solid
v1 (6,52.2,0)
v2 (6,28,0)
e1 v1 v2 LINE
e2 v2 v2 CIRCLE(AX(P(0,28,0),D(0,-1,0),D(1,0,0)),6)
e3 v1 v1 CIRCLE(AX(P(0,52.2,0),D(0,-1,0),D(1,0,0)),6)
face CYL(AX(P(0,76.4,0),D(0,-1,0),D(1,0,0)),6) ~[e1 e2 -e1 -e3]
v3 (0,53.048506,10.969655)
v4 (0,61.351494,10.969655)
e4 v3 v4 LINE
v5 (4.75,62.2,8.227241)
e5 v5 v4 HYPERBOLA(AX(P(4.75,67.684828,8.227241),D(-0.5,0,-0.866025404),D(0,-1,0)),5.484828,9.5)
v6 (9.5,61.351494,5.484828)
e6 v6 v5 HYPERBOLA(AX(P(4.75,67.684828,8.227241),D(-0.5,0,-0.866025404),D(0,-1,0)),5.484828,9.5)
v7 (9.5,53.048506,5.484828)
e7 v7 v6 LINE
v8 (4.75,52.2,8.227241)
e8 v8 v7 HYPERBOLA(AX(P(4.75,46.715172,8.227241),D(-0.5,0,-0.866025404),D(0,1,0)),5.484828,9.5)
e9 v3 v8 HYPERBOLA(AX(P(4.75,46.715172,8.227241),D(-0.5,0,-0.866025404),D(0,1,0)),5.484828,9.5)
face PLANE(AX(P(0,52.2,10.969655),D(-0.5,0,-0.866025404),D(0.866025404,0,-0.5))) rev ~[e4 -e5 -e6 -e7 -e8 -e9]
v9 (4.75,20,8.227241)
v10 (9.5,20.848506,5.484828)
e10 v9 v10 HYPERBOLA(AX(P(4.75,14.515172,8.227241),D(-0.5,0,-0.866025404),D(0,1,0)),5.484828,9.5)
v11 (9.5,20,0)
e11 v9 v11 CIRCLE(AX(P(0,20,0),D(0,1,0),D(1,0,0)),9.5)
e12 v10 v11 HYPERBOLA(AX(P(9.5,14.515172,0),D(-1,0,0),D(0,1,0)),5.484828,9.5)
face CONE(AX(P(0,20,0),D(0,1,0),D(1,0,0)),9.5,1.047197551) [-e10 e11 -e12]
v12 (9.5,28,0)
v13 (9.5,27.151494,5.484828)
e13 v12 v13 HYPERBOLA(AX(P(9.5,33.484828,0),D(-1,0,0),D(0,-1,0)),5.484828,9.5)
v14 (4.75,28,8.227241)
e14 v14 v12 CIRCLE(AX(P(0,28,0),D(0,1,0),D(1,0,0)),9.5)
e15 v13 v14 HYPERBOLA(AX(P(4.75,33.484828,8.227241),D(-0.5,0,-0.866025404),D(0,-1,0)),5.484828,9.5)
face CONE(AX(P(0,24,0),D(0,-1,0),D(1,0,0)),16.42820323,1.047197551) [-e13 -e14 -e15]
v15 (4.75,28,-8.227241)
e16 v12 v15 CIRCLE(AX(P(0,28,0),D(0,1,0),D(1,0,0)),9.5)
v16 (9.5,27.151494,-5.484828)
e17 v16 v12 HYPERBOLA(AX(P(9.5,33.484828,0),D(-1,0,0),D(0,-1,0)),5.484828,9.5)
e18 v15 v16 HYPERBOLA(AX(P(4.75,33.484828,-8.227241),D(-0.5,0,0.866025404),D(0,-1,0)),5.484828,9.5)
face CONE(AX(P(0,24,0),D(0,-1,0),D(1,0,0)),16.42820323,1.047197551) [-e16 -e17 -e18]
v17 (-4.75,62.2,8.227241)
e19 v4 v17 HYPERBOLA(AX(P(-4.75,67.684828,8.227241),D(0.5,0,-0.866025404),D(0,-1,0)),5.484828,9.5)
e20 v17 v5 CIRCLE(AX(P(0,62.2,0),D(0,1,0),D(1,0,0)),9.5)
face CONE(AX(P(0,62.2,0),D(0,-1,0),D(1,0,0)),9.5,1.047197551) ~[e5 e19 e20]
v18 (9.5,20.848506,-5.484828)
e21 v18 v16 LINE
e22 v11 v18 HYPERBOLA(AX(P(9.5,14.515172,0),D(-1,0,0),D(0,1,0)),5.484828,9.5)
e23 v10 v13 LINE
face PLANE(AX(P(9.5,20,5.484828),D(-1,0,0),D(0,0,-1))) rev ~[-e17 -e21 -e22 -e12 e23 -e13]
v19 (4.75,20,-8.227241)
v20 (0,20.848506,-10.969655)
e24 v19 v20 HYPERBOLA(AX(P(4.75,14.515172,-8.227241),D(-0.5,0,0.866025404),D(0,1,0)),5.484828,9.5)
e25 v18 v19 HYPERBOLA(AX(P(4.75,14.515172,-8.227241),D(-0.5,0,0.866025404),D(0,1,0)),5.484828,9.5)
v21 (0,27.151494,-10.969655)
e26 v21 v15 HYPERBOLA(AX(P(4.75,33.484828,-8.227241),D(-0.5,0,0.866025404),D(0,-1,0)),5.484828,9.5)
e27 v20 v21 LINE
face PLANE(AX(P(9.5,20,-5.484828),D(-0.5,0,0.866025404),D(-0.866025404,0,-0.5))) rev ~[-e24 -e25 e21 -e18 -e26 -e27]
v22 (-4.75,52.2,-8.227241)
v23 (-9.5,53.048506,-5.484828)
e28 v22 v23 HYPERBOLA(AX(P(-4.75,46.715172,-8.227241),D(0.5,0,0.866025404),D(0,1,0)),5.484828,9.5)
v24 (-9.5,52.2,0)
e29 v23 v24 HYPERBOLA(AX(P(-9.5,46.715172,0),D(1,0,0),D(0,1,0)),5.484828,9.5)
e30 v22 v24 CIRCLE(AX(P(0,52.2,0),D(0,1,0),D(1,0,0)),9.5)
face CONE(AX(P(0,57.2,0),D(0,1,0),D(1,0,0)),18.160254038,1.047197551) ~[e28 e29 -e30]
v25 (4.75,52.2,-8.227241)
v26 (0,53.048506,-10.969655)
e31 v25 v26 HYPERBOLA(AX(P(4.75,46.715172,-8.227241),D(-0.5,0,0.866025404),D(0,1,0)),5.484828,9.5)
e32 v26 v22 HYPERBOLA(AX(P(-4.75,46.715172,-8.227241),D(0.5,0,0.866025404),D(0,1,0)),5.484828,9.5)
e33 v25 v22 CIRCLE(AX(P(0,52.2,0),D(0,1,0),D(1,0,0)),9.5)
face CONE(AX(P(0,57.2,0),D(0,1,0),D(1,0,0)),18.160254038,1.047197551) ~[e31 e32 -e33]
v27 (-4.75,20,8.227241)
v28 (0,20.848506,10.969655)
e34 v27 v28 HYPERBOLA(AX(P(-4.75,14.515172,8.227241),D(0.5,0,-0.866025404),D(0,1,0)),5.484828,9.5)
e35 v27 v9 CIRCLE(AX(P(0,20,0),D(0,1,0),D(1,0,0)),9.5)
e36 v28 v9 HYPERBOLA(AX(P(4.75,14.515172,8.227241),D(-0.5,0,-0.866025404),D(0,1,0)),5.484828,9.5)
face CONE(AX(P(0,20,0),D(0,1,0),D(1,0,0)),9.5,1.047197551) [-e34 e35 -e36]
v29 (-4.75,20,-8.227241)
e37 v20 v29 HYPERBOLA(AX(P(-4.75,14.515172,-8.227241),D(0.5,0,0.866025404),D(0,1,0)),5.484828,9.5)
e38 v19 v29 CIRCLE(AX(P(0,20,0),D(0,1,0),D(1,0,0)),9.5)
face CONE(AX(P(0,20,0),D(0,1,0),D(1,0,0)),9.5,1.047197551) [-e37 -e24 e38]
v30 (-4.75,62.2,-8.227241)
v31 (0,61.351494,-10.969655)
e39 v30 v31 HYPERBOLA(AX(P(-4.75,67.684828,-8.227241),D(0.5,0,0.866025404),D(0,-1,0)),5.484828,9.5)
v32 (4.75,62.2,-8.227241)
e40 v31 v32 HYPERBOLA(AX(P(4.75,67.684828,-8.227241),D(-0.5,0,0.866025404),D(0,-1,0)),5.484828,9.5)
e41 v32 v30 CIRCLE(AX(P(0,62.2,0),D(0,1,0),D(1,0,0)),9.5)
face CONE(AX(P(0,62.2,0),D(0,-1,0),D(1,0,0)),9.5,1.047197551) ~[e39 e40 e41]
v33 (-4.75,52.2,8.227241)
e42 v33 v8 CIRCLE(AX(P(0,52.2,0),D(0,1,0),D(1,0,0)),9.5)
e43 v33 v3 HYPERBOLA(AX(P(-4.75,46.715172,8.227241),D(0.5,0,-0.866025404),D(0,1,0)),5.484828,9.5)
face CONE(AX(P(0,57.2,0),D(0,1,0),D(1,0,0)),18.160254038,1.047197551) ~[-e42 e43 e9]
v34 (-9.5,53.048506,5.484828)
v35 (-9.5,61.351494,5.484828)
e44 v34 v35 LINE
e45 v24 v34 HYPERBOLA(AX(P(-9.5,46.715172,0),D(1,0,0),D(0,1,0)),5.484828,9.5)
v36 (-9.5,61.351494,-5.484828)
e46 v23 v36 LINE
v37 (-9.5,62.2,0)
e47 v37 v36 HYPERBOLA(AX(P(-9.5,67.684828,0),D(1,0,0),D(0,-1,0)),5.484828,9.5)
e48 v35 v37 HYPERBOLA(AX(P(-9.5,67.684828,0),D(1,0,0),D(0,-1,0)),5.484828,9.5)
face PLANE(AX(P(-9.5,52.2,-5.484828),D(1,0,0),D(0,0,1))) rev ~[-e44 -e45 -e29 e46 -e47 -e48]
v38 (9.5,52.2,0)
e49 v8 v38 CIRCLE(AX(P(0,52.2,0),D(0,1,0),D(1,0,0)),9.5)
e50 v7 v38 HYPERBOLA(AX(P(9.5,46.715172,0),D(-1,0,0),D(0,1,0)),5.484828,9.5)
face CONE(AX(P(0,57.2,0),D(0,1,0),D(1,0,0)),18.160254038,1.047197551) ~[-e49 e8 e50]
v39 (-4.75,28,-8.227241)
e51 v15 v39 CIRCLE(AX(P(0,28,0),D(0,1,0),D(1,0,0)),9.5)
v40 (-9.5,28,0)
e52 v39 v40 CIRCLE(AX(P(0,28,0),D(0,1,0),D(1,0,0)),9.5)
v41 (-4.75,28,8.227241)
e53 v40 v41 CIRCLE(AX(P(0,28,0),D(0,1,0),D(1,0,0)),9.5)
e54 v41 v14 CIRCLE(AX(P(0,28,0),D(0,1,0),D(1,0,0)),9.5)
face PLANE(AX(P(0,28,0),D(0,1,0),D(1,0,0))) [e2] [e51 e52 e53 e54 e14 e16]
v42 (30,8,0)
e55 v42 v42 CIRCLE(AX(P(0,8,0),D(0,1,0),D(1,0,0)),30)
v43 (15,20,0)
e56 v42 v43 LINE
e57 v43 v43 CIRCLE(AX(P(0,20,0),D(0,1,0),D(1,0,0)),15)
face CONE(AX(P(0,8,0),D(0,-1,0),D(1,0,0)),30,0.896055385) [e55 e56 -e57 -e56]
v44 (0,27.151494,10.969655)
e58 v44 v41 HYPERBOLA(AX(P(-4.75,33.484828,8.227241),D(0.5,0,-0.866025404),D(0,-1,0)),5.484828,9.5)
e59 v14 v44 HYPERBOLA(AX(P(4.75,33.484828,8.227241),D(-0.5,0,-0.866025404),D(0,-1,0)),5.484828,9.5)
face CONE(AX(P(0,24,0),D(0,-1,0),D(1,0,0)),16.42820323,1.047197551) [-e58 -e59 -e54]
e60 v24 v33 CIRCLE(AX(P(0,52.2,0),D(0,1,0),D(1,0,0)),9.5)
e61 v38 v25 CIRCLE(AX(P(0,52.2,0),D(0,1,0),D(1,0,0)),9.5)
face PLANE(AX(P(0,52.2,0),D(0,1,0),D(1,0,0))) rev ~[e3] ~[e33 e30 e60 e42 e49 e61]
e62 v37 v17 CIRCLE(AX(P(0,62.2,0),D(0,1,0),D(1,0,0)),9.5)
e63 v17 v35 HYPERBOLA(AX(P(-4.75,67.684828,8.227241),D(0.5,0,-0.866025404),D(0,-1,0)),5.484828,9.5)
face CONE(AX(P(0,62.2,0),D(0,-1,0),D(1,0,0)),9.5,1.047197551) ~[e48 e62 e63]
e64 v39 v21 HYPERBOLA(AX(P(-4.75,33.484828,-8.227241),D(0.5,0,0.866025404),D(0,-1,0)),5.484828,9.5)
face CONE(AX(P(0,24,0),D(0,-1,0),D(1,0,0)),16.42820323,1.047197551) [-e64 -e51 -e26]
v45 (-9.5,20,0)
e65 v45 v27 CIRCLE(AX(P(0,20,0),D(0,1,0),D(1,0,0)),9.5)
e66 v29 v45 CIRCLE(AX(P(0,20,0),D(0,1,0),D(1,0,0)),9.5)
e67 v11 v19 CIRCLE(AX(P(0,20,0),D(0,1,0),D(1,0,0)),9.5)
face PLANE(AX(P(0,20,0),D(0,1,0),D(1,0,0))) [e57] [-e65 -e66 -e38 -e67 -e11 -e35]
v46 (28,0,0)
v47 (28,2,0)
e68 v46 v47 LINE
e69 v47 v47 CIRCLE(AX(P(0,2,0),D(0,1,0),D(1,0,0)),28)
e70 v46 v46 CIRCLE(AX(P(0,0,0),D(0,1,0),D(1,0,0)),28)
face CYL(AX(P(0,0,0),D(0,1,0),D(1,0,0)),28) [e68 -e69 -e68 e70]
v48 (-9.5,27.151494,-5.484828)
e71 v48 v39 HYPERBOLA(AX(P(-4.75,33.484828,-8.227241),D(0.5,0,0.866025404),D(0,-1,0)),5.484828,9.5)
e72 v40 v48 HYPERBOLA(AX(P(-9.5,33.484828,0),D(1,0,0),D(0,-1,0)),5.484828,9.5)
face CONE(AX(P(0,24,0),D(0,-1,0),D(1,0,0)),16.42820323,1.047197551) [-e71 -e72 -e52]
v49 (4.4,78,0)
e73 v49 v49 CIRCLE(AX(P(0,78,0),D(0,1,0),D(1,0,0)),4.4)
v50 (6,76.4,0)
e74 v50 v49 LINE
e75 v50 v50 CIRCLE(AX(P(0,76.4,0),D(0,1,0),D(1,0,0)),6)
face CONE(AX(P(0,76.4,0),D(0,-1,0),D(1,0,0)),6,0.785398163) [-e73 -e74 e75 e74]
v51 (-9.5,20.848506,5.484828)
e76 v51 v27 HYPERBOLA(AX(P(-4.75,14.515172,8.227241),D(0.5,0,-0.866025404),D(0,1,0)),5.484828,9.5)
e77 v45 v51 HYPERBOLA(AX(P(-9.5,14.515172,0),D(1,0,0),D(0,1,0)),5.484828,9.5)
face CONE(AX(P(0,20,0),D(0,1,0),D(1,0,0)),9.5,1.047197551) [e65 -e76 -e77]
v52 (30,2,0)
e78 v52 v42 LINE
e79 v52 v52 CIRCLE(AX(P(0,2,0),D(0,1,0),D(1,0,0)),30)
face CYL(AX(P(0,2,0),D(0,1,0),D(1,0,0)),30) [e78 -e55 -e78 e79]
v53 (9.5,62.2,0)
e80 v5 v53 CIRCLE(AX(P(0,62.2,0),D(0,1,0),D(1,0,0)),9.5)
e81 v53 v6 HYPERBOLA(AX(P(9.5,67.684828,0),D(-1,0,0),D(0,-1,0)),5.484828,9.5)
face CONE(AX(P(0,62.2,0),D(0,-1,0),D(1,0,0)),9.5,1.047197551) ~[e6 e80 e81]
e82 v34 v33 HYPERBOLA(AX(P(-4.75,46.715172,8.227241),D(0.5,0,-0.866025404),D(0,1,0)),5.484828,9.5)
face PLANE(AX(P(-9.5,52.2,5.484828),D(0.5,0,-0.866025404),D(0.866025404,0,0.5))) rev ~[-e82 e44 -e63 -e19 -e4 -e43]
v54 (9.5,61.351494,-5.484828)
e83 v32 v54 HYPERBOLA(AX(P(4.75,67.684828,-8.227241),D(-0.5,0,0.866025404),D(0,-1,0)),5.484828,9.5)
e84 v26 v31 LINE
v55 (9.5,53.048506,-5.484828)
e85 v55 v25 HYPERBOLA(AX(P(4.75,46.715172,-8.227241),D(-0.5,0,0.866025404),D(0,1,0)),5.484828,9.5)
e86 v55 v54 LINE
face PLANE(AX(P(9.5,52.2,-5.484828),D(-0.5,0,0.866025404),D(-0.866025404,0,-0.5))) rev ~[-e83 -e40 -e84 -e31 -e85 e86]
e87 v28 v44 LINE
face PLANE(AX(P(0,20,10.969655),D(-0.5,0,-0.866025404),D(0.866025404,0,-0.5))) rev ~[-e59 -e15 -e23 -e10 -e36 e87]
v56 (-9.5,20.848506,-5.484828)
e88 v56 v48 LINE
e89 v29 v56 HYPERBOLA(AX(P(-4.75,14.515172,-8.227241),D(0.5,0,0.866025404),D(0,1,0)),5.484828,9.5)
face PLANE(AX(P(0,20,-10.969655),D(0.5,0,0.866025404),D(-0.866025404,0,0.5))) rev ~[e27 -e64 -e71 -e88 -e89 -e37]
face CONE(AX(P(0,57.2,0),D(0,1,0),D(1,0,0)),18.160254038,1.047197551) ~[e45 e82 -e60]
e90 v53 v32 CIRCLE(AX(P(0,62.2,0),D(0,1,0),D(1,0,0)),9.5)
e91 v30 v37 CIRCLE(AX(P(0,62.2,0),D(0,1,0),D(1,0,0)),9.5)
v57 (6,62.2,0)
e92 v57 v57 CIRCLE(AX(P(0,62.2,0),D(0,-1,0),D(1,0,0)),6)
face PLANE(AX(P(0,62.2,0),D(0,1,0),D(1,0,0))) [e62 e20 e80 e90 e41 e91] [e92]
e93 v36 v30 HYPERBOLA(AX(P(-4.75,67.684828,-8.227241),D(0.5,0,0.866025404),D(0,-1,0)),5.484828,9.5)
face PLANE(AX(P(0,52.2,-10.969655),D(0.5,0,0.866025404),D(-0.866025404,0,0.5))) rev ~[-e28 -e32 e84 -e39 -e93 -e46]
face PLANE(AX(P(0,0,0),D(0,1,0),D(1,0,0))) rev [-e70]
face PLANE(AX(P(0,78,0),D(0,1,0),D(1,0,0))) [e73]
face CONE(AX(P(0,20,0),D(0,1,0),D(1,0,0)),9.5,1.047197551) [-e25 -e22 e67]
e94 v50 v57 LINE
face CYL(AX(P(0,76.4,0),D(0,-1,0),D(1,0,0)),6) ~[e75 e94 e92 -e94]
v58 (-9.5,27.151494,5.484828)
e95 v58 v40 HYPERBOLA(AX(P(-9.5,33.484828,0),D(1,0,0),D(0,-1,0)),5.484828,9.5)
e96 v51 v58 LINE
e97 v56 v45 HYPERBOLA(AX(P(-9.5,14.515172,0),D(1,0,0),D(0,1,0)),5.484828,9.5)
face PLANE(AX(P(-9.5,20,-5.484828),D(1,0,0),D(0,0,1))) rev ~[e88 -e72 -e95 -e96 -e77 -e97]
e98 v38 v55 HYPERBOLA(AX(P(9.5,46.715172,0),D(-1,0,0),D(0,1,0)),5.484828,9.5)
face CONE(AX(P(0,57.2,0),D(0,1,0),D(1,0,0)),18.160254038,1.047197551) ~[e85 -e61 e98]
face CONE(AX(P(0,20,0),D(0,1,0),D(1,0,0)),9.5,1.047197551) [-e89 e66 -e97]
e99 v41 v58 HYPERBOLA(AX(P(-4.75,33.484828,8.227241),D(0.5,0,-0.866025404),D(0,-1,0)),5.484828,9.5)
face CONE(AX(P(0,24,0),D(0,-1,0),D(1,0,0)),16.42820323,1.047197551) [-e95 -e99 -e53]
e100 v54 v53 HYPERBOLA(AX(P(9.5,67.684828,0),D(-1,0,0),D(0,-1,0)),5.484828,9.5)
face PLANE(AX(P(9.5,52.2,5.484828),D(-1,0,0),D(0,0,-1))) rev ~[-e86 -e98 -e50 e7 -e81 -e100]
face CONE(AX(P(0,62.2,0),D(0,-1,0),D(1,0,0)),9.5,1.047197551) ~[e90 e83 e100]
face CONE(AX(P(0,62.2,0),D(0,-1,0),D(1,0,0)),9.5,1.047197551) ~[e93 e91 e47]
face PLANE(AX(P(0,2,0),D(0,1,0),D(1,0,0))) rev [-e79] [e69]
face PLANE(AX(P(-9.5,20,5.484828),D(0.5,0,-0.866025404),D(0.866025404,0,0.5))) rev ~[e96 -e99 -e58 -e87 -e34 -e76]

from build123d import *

# Parameters (mm, degrees)
EXTRUDE_1_DEPTH = 8
EXTRUDE_2_DEPTH = 10


with BuildPart() as part:
    # Эскиз1 → Повернуть1 (revolve)
    with BuildSketch(Plane.XY, mode=Mode.PRIVATE) as revolve_1_sk:
        Polygon((0, 0), (-28, 0), (-28, 2), (-30, 2), (-30, 8), (-15, 20), (-6, 20), (-6, 28), (-6, 76.4), (-4.4, 78), (0, 78), align=None)
    revolve(revolve_1_sk.sketch.rotate(Axis((0, 0, 0), (0, 1, 0)), 180), axis=Axis((0, 0, 0), (0, 1, 0)))  # turned: the seam where the file's is

    # Эскиз2 → Бобышка-Вытянуть1 (add)
    with BuildSketch(Plane(origin=(0, 20, 0), x_dir=(1, 0, 0), z_dir=(0, 1, 0))):
        Polygon((0, 10.969655115), (-9.5, 5.484827557), (-9.5, -5.484827557), (0, -10.969655115), (9.5, -5.484827557), (9.5, 5.484827557), align=None)
    extrude(amount=EXTRUDE_1_DEPTH)

    # Эскиз3 → Бобышка-Вытянуть2 (add)
    with BuildSketch(Plane(origin=(0, 52.2, 0), x_dir=(1, 0, 0), z_dir=(0, 1, 0))):
        Polygon((9.5, 5.484827557), (0, 10.969655115), (-9.5, 5.484827557), (-9.5, -5.484827557), (0, -10.969655115), (9.5, -5.484827557), align=None)
    extrude(amount=EXTRUDE_2_DEPTH)

    # Эскиз4 → Вырез-Повернуть2 (revolve, cut)
    with BuildSketch(Plane.XY, mode=Mode.PRIVATE) as cut_revolve_2_sk:
        Polygon((-18.160254038, 62.2), (-9.5, 62.2), (-18.160254038, 57.2), align=None)
        Polygon((-18.160254038, 52.2), (-18.160254038, 57.2), (-9.5, 52.2), align=None)
        Polygon((-16.42820323, 28), (-16.42820323, 24), (-9.5, 28), align=None)
        Polygon((-16.42820323, 24), (-16.42820323, 20), (-9.5, 20), align=None)
    revolve(cut_revolve_2_sk.sketch.rotate(Axis((0, 78, 0), (0, 1, 0)), 180), axis=Axis((0, 78, 0), (0, 1, 0)), mode=Mode.SUBTRACT)  # turned: the seam where the file's is


solid = part.part
